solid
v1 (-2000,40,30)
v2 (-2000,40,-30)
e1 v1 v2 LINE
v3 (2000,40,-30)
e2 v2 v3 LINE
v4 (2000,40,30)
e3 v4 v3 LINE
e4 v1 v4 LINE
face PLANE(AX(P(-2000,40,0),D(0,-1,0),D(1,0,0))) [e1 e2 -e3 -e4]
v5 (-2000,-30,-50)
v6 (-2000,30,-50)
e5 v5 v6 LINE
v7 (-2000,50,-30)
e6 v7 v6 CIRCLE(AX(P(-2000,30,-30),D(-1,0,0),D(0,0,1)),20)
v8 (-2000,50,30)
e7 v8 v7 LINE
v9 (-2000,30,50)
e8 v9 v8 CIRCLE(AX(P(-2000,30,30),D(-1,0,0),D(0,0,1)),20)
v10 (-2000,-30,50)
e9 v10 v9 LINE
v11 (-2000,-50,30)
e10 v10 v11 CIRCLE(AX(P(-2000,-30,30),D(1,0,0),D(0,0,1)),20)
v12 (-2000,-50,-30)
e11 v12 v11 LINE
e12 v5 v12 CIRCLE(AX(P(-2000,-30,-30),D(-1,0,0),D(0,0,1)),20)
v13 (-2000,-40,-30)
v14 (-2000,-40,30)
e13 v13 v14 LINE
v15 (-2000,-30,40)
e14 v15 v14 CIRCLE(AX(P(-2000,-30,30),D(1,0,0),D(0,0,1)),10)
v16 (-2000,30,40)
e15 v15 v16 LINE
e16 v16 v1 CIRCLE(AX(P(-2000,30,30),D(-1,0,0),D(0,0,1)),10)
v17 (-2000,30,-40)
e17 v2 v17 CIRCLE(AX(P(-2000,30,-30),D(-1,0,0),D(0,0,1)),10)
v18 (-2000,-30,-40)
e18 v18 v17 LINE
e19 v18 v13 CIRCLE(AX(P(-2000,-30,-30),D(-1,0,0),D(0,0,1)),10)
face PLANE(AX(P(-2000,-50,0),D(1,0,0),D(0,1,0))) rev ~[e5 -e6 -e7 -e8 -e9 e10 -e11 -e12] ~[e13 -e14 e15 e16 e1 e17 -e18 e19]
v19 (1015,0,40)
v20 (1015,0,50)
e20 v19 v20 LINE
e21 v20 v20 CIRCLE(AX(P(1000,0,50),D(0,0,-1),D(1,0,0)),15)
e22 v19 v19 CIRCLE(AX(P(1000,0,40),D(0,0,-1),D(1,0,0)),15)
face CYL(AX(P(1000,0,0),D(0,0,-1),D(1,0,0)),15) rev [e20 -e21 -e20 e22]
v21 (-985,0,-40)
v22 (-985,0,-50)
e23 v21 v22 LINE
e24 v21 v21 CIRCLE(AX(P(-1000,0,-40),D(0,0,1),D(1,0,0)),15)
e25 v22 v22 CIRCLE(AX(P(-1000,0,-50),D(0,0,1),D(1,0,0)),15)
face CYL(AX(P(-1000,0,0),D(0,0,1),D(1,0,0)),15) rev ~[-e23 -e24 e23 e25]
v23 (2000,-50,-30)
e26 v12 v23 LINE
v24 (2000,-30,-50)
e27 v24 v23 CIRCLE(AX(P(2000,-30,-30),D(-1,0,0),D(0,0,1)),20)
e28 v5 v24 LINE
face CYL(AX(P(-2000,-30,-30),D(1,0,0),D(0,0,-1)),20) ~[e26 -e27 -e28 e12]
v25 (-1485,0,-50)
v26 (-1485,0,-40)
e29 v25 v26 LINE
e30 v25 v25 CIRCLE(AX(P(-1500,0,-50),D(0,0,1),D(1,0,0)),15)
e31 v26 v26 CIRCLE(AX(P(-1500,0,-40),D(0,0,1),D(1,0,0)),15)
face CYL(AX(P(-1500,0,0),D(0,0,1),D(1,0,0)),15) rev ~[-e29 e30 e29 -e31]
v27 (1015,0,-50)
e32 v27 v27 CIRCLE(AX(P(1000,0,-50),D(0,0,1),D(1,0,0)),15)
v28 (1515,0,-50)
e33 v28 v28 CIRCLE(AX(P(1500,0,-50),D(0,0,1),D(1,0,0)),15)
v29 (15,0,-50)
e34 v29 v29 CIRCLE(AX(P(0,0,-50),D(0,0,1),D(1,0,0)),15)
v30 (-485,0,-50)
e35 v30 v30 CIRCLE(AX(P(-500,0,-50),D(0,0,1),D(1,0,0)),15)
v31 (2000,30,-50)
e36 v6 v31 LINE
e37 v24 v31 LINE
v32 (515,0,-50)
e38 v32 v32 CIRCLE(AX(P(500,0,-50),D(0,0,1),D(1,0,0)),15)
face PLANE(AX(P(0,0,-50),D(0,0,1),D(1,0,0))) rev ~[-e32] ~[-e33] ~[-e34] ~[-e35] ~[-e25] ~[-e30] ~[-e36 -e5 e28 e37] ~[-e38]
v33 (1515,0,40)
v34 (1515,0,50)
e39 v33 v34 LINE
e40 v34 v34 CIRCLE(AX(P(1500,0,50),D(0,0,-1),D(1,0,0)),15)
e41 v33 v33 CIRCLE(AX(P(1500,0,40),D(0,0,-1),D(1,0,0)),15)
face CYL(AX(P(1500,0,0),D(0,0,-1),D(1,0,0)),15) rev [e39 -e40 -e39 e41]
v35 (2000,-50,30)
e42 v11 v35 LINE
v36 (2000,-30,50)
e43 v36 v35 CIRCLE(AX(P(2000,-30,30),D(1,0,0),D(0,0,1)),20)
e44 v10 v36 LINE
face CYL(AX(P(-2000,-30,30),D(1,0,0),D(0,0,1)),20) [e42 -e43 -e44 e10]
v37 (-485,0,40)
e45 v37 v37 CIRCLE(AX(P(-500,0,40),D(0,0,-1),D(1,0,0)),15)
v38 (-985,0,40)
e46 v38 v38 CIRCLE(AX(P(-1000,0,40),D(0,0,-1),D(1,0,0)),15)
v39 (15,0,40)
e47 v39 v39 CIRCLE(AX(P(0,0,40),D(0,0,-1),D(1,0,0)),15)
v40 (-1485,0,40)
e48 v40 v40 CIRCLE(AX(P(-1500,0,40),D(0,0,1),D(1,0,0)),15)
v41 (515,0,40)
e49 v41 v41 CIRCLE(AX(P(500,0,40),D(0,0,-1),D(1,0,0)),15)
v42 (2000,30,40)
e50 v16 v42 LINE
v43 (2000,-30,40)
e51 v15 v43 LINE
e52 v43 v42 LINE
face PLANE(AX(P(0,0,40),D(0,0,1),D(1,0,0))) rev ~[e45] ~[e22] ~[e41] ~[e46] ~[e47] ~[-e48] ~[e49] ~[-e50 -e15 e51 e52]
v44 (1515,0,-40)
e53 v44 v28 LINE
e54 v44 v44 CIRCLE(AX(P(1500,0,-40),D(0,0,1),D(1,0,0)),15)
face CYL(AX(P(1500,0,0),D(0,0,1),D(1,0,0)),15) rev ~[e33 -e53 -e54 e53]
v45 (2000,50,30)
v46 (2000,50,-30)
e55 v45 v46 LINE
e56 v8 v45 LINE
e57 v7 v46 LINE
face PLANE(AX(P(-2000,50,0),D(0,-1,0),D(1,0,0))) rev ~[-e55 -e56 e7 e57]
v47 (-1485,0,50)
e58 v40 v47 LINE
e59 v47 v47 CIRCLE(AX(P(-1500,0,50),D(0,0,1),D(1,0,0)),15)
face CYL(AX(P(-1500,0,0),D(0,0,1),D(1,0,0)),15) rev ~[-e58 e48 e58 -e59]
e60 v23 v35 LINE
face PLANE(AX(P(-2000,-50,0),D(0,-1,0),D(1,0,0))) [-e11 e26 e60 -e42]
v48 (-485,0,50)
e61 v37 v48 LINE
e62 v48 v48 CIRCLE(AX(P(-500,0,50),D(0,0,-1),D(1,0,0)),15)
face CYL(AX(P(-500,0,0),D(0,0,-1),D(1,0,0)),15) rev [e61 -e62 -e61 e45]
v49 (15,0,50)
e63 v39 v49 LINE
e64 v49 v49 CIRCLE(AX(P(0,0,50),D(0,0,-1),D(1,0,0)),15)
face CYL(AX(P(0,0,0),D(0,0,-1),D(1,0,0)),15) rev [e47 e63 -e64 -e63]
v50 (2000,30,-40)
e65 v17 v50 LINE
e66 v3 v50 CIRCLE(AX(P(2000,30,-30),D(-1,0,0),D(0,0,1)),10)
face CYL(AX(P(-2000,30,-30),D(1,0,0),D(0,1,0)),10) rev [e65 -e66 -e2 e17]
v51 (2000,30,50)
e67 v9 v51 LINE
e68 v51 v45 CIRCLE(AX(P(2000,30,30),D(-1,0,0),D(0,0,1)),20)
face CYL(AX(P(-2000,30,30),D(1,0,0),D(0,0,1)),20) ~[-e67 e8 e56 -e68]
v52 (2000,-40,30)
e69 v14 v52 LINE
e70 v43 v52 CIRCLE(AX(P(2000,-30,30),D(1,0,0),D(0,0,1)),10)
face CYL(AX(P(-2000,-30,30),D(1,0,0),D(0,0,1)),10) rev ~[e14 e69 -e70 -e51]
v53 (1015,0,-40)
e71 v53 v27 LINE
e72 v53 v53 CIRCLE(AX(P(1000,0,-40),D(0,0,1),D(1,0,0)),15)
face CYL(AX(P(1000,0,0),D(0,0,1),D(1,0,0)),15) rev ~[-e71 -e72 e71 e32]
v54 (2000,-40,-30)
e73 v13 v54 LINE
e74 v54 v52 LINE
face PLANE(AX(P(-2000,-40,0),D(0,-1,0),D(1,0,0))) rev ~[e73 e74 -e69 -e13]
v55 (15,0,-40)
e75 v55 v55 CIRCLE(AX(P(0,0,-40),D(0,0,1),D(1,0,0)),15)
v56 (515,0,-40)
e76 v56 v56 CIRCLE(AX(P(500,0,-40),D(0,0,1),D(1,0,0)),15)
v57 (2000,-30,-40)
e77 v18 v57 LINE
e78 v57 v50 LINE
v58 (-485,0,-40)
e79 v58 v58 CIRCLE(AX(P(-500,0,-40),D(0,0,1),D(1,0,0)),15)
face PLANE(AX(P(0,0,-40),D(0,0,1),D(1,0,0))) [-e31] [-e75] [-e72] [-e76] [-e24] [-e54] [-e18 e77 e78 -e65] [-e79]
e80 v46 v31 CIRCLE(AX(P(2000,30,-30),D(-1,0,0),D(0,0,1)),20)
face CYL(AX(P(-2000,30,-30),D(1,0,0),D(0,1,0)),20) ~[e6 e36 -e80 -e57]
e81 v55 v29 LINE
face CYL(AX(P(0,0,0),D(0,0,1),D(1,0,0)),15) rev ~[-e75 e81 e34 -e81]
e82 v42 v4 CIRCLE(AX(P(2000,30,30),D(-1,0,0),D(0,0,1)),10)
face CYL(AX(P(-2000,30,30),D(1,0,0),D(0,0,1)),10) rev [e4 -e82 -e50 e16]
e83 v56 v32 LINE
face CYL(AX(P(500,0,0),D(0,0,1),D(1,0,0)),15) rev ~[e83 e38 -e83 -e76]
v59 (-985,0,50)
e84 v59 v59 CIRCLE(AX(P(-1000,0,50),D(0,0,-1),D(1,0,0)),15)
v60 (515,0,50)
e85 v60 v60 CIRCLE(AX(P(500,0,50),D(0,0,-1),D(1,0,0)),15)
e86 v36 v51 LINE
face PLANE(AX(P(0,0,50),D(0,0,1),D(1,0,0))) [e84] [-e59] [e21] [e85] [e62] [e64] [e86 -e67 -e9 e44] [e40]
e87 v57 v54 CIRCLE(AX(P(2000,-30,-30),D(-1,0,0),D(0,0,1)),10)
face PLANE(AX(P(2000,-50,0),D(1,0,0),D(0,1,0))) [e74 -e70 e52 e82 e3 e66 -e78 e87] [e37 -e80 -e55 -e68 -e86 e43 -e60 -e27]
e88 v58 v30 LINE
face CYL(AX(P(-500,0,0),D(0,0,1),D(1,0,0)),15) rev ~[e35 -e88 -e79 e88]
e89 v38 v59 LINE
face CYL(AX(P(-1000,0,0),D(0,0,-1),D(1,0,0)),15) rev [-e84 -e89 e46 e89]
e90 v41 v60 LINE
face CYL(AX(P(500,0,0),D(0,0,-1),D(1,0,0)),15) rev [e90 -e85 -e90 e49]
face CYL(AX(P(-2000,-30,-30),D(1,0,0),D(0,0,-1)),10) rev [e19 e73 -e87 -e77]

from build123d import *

# Parameters (mm, degrees)
F0_W     = 4000
F0_H     = 100
F1_DEPTH = 50
F2_R     = 20
F3_T     = -10
F5_R     = 15
F6_DEPTH = 250


with BuildPart() as f1:
    # F0 (on Top) → F1 (new body, symmetric)
    with BuildSketch(Plane.XY):
        Rectangle(F0_W, F0_H)
    extrude(amount=F1_DEPTH, both=True)

    # F2
    f2_edges = [f1.edges().sort_by_distance(p)[0] for p in [
        (0, 50, 50),
        (0, -50, -50),
        (0, -50, 50),
        (0, 50, -50),
    ]]
    fillet(f2_edges, radius=F2_R)

    # F3
    f3_openings = [f1.faces().sort_by_distance(p)[0] for p in [
        (2000, 0, 0),
        (-2000, 0, 0),
    ]]
    offset(amount=F3_T, openings=f3_openings)

    # F4: F1 across plane


with BuildPart() as f1_1:
    add(f1.part)
    add(f1.part.mirror(Plane.YZ))

    # F5 (on Top) → F6 (cut, symmetric)
    with BuildSketch(Plane.XY):
        Circle(F5_R)
        with Locations((500, 0)):
            Circle(F5_R)
        with Locations((1000, 0)):
            Circle(F5_R)
        with Locations((1500, 0)):
            Circle(F5_R)
        with Locations((-500, 0)):
            Circle(F5_R)
        with Locations((-1000, 0)):
            Circle(F5_R)
        with Locations((-1500, 0)):
            Circle(F5_R)
    extrude(amount=F6_DEPTH, both=True, mode=Mode.SUBTRACT)


solid = f1_1.part
